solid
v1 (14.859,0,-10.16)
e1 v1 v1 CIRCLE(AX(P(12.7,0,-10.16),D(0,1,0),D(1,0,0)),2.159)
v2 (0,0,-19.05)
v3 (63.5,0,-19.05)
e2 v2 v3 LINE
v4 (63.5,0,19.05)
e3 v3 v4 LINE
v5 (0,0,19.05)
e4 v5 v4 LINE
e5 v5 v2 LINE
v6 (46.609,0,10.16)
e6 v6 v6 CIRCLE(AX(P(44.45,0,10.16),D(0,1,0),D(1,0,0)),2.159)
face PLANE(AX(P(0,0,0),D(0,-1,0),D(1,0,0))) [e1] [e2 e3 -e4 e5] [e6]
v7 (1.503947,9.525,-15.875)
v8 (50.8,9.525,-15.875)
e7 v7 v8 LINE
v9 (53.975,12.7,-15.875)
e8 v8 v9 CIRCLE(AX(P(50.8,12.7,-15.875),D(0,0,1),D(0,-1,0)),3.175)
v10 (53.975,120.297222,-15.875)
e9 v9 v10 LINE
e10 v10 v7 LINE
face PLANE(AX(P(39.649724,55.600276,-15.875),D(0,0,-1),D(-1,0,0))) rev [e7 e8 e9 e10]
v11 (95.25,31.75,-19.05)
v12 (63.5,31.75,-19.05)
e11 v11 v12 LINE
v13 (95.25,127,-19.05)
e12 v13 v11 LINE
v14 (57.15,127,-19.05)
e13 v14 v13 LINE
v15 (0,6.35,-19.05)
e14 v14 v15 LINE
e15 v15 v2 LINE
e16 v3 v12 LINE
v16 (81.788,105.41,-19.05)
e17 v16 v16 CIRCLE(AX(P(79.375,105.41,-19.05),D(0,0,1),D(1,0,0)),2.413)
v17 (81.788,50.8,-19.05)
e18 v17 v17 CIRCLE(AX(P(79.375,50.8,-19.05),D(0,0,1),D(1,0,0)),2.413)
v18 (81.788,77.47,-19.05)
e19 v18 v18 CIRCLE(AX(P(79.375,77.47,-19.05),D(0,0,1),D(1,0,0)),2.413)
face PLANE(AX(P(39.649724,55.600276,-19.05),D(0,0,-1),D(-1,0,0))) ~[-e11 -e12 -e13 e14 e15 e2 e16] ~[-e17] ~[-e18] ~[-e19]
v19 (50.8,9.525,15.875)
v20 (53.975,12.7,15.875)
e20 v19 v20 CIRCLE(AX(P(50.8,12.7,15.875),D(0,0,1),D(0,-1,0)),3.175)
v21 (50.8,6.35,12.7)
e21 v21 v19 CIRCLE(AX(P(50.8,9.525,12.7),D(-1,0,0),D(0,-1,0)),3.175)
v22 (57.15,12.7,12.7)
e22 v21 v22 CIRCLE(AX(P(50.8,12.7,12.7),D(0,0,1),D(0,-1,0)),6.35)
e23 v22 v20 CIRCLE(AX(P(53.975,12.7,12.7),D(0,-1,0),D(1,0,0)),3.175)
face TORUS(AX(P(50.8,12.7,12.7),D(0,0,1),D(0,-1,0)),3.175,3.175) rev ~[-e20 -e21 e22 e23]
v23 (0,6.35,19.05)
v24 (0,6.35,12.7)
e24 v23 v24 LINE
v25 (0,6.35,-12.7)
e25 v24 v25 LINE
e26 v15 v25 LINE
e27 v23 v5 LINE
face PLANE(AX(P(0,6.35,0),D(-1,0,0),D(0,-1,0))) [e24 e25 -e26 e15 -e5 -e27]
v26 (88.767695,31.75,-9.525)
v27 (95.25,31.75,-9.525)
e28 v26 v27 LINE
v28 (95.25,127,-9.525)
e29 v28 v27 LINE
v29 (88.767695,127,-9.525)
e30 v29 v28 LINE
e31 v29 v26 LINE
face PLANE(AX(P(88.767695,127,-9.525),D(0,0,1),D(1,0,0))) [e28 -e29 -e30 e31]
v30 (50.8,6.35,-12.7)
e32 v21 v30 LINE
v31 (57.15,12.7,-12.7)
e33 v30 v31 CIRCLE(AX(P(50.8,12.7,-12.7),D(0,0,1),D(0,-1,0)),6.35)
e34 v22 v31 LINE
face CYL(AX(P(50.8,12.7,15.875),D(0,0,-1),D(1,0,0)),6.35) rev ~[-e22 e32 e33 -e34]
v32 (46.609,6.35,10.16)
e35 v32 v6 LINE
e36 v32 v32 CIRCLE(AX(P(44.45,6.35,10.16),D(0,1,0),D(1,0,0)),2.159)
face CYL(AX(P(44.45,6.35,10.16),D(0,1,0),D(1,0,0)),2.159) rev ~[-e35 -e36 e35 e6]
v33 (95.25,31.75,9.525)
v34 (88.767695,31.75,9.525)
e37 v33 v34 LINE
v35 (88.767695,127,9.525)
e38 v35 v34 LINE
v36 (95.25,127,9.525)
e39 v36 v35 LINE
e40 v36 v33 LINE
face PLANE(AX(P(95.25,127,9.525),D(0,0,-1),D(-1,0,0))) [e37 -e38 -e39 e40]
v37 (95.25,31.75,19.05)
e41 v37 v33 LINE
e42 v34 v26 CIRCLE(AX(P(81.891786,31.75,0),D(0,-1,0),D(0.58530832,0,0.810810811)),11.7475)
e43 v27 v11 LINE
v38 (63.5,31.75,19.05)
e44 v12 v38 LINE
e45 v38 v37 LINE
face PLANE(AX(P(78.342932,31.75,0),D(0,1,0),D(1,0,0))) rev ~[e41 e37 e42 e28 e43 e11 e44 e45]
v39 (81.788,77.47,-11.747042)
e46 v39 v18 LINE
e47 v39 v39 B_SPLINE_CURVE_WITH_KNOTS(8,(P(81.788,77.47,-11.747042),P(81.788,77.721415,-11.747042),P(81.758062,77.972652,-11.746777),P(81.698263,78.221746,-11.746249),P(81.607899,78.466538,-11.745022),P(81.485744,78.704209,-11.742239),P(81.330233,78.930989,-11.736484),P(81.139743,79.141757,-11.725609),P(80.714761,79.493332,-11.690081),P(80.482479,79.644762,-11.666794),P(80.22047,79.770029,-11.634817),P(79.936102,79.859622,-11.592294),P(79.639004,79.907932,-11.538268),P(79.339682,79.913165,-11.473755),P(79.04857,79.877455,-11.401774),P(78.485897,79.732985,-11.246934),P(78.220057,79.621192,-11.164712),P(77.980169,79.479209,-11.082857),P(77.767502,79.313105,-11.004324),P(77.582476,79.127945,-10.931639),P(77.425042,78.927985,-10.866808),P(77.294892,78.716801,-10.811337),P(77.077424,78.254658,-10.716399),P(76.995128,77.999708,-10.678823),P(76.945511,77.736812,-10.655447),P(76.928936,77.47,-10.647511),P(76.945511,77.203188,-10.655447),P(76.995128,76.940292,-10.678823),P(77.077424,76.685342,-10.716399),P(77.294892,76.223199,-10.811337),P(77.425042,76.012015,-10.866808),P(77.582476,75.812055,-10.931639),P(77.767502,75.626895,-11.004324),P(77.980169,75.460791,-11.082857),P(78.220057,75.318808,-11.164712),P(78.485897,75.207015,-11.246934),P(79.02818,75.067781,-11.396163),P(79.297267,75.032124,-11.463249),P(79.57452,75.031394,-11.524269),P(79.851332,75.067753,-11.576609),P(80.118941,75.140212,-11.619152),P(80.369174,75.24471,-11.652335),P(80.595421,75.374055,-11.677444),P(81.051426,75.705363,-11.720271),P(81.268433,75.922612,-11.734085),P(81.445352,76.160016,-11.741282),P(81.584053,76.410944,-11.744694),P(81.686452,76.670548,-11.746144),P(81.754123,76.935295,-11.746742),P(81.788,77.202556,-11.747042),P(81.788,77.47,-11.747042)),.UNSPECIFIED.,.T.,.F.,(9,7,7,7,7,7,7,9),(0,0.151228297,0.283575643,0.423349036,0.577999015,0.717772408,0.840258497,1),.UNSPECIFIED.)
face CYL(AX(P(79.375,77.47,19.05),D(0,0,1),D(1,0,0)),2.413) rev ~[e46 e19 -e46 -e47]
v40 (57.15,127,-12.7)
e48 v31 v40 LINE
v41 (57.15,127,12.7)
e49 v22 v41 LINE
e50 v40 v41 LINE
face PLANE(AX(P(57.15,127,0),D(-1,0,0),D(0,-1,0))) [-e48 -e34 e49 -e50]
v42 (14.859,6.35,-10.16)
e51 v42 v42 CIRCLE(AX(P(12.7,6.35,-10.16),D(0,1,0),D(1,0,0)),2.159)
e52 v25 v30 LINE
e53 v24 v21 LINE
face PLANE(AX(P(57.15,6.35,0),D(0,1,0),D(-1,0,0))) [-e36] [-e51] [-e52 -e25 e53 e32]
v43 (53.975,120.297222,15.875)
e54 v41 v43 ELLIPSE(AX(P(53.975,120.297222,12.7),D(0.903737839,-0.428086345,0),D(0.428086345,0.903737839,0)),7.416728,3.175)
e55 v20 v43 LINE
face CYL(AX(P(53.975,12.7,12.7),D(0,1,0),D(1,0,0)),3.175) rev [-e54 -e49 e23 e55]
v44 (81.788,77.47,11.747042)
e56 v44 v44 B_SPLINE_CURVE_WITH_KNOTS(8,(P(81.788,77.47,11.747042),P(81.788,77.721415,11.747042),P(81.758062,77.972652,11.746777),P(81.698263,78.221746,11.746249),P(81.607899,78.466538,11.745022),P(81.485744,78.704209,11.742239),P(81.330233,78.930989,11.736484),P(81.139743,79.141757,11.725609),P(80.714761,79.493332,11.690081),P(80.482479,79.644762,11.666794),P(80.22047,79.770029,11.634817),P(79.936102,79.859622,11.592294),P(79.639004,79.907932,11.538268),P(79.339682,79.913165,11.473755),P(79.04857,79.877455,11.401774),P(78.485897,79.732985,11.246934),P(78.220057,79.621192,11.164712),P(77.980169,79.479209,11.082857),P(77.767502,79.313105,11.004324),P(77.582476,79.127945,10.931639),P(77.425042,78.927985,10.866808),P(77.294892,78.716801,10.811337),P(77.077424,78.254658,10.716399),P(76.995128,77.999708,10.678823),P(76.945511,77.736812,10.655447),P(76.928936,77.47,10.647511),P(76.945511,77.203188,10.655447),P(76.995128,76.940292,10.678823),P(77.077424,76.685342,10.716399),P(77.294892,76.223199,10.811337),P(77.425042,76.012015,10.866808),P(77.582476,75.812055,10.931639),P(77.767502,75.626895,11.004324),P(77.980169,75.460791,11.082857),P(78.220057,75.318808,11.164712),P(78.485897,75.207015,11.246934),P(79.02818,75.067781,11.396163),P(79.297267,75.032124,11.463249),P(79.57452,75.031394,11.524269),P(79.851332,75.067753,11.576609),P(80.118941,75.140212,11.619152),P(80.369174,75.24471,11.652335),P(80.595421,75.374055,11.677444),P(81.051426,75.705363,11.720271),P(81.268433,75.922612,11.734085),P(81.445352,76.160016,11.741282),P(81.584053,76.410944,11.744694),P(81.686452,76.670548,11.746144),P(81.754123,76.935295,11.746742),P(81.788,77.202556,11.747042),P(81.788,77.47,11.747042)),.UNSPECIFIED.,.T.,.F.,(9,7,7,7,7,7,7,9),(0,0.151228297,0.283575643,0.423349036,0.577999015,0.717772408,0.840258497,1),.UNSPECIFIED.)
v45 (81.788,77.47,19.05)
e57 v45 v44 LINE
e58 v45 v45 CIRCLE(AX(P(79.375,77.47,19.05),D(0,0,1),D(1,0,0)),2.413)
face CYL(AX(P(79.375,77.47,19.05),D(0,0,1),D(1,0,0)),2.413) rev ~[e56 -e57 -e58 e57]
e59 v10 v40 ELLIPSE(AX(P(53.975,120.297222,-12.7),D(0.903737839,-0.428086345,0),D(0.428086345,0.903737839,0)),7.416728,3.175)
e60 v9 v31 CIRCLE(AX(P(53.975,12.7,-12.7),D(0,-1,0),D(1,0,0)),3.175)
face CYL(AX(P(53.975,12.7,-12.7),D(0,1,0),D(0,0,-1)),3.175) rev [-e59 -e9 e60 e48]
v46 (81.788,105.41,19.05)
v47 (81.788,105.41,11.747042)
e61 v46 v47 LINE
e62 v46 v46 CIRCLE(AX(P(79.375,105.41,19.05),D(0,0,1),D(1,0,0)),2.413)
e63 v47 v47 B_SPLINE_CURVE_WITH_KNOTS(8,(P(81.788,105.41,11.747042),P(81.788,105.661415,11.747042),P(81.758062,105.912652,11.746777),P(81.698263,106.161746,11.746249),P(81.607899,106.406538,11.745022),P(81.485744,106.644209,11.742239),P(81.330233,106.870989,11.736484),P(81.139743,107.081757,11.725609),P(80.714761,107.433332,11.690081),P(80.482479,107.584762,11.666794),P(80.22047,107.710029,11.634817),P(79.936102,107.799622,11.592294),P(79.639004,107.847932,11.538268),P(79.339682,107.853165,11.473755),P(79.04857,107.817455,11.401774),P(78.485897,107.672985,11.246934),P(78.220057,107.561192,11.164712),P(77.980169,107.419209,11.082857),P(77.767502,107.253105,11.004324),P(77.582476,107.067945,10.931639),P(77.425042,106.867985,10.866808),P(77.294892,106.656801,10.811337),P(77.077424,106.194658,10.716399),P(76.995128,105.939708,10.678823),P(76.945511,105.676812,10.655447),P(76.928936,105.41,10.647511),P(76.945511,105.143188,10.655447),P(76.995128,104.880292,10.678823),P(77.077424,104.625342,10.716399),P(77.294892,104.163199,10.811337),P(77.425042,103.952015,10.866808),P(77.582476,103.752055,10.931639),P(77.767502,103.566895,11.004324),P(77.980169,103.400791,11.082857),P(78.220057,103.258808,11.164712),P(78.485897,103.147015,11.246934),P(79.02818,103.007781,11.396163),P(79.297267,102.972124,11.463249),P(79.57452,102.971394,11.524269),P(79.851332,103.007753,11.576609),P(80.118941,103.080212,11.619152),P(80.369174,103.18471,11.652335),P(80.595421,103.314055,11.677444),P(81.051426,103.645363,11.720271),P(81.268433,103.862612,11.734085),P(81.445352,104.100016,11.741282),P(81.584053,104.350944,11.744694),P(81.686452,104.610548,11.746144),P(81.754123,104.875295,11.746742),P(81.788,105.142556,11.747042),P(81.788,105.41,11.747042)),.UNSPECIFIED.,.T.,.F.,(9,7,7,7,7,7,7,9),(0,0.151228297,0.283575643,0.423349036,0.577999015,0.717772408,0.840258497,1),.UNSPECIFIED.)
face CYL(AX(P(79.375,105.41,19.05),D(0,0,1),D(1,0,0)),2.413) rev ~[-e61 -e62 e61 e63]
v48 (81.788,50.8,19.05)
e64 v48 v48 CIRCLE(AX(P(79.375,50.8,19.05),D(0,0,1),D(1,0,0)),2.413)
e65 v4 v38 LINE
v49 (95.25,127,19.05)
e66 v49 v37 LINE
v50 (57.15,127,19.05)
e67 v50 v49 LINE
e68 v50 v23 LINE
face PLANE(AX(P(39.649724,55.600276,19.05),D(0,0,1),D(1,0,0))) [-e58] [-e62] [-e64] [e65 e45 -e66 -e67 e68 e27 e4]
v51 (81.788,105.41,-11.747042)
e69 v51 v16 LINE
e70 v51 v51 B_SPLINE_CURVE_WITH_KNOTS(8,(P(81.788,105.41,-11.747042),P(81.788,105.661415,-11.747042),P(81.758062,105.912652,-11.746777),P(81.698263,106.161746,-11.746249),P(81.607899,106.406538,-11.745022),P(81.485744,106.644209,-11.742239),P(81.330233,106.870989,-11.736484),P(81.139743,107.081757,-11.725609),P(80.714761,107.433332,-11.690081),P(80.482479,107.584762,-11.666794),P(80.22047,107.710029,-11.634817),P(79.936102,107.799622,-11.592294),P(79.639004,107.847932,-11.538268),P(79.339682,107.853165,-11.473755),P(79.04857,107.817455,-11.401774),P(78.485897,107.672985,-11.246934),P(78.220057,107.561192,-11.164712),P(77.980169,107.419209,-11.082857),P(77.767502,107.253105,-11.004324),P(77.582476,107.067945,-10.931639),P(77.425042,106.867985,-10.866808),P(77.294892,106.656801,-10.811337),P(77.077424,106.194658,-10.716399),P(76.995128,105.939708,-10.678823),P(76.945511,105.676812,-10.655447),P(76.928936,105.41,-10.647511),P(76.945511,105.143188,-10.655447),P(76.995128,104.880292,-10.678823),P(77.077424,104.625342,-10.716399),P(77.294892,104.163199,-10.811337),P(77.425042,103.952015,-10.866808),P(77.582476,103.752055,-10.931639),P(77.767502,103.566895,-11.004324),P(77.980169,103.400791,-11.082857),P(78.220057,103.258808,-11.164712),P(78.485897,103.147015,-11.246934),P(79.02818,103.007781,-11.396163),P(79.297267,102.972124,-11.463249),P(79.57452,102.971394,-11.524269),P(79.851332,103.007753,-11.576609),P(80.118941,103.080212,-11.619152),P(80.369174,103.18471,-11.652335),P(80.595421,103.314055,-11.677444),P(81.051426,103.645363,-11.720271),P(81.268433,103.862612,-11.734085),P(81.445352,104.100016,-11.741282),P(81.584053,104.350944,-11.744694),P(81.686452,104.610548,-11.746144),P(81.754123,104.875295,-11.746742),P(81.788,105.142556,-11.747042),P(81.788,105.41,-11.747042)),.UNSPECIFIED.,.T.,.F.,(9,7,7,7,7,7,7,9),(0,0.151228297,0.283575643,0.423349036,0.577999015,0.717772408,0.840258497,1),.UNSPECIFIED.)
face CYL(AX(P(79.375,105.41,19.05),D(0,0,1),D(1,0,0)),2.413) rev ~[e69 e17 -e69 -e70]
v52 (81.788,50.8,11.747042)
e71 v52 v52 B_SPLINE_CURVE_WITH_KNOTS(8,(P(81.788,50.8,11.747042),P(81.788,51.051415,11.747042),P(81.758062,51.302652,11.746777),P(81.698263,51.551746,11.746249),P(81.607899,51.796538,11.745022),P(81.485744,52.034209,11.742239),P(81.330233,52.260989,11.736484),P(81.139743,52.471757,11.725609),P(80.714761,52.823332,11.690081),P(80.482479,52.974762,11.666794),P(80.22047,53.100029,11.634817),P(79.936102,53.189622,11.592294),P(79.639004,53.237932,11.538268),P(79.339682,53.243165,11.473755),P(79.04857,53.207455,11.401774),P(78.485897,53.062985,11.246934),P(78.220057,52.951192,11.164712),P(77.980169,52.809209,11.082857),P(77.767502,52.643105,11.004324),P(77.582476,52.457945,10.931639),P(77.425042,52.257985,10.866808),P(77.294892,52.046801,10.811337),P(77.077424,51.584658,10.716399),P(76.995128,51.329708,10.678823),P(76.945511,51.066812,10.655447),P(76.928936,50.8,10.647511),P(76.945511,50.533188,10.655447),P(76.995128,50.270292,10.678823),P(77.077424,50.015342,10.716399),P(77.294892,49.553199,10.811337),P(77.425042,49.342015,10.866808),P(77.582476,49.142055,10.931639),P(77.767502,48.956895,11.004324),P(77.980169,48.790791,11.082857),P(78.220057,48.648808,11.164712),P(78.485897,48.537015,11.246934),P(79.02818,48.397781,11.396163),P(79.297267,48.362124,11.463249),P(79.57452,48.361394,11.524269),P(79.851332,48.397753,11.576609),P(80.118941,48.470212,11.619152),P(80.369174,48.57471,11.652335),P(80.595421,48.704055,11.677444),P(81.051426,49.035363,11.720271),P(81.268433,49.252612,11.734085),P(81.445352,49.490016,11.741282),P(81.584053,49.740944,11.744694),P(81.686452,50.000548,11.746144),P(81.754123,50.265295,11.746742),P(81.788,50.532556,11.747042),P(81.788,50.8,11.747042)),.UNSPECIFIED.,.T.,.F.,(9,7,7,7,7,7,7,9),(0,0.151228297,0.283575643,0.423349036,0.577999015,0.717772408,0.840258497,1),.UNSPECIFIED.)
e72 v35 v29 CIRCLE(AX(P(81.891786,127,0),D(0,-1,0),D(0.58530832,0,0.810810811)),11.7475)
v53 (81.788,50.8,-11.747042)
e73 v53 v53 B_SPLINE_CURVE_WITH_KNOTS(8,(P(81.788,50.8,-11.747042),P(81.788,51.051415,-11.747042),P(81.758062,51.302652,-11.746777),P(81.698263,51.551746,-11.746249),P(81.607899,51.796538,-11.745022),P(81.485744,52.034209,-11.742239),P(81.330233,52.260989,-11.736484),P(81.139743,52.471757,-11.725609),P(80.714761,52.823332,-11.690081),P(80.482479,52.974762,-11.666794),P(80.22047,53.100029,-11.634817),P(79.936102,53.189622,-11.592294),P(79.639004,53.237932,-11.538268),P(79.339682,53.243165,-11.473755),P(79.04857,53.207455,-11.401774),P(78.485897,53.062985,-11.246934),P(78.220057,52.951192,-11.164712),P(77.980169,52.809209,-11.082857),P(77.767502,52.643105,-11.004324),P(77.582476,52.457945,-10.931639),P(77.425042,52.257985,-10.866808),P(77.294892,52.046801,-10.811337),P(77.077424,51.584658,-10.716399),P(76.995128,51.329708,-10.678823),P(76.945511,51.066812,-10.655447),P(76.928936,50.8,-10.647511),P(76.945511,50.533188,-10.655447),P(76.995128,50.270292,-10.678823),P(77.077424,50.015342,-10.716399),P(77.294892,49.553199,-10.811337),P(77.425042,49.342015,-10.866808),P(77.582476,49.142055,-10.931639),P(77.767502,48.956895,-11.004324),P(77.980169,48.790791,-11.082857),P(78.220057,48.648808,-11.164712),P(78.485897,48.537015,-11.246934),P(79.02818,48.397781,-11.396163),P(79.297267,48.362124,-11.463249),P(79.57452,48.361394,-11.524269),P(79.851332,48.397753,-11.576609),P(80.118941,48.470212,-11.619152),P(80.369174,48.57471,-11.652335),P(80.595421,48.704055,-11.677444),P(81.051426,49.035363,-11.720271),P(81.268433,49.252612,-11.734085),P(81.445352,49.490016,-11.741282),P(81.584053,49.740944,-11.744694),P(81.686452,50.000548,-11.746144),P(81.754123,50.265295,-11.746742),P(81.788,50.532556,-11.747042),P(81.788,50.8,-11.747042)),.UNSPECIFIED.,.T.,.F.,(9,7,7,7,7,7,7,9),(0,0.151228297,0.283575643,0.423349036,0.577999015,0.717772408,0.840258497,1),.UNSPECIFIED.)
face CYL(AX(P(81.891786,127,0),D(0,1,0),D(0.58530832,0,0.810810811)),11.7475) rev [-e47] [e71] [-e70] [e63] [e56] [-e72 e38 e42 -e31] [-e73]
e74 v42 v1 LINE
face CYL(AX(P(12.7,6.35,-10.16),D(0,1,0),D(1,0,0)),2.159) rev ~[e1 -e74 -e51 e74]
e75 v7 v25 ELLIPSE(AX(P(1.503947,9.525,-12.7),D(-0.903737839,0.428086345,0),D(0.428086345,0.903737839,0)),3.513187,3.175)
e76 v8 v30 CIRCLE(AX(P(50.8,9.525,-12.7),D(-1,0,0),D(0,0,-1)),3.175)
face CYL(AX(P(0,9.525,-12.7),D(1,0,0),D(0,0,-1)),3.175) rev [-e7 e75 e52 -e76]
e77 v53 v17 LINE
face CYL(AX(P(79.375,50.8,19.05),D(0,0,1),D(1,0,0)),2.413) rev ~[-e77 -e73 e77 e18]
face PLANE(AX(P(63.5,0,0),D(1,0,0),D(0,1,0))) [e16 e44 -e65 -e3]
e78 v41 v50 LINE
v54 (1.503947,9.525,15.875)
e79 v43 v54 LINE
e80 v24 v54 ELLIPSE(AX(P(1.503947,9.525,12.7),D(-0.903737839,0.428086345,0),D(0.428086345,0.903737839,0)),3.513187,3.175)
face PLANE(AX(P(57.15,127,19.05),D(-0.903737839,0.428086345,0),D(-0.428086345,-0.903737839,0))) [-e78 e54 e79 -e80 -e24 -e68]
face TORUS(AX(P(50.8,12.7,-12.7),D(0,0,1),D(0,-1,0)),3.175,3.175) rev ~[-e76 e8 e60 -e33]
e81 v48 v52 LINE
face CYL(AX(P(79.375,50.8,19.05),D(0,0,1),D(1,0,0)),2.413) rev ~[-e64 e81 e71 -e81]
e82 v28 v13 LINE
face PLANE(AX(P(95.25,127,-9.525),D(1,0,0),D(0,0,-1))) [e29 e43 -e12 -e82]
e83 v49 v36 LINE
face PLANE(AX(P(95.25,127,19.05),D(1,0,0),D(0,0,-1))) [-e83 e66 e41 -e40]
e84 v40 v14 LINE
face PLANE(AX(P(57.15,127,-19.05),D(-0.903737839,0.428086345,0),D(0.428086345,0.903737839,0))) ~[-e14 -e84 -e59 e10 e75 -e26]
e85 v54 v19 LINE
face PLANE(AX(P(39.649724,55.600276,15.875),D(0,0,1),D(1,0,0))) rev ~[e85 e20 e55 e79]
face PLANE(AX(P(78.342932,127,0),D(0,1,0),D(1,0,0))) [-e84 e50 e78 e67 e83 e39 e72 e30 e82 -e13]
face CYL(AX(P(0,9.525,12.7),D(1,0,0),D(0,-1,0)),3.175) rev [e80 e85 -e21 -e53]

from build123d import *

# Parameters (mm, degrees)
BOSS_EXTRUDE1_DEPTH     = 19.05
BOSS_EXTRUDE2_DEPTH     = 95.25
SKETCH4_R               = 2.413
CUT_EXTRUDE1_DEPTH      = 1
CUT_EXTRUDE1_DEPTH_BACK = 39.1
SKETCH5_R               = 2.159
CUT_EXTRUDE2_DEPTH      = 121.6500001
CUT_EXTRUDE2_DEPTH_BACK = 7.35
BOSS_EXTRUDE3_DEPTH     = 3.175
FILLET1_R               = 6.35
FILLET2_R               = 3.175


with BuildPart() as part:
    # Sketch1 → Boss-Extrude1 (new body, symmetric)
    with BuildSketch(Plane.XY):
        Polygon((0, 0), (63.5, 0), (63.5, 127), (57.15, 127), (57.15, 6.35), (0, 6.35), align=None)
    extrude(amount=BOSS_EXTRUDE1_DEPTH, both=True)

    # Sketch3 → Boss-Extrude2 (add)
    with BuildSketch(Plane(origin=(0, 127, 0), x_dir=(1, 0, 0), z_dir=(0, 1, 0))):
        with BuildLine():
            Line((95.25, 19.05), (63.5, 19.05))
            Line((63.5, 19.05), (63.5, -19.05))
            Line((63.5, -19.05), (95.25, -19.05))
            Line((95.25, -19.05), (95.25, -9.525))
            Line((95.25, -9.525), (88.767695047, -9.525))
            ThreePointArc((88.767695047, -9.525), (70.144285562, 0), (88.767695047, 9.525))
            Line((88.767695047, 9.525), (95.25, 9.525))
            Line((95.25, 9.525), (95.25, 19.05))
        make_face()
    extrude(amount=-BOSS_EXTRUDE2_DEPTH)

    # Sketch4 → Cut-Extrude1 (cut, two sides)
    with BuildSketch(Plane.XY.offset(19.05)) as cut_extrude1_sk:
        with Locations((79.375, 105.41)):
            Circle(SKETCH4_R)
        with Locations((79.375, 50.8)):
            Circle(SKETCH4_R)
        with Locations((79.375, 77.47)):
            Circle(SKETCH4_R)
    extrude(amount=CUT_EXTRUDE1_DEPTH, mode=Mode.SUBTRACT)
    extrude(cut_extrude1_sk.sketch, amount=-CUT_EXTRUDE1_DEPTH_BACK, mode=Mode.SUBTRACT)

    # Sketch5 → Cut-Extrude2 (cut, two sides)
    with BuildSketch(Plane(origin=(0, 6.35, 0), x_dir=(1, 0, 0), z_dir=(0, 1, 0))) as cut_extrude2_sk:
        with Locations((12.7, 10.16)):
            Circle(SKETCH5_R)
        with Locations((44.45, -10.16)):
            Circle(SKETCH5_R)
    extrude(amount=CUT_EXTRUDE2_DEPTH, mode=Mode.SUBTRACT)
    extrude(cut_extrude2_sk.sketch, amount=-CUT_EXTRUDE2_DEPTH_BACK, mode=Mode.SUBTRACT)

    # Sketch6 → Boss-Extrude3 (add)
    with BuildSketch(Plane.XY.offset(19.05)):
        Polygon((57.15, 127), (0, 6.35), (57.15, 6.35), align=None)
    boss_extrude3 = extrude(amount=-BOSS_EXTRUDE3_DEPTH)

    # Mirror1: Boss-Extrude3 across plane
    add(boss_extrude3.mirror(Plane.XY))

    # Fillet1
    fillet1_edges = [part.edges().sort_by_distance(p)[0] for p in [
        (57.15, 6.35, 0),
    ]]
    fillet(fillet1_edges, radius=FILLET1_R)

    # Fillet2
    fillet2_edges = [part.edges().sort_by_distance(p)[0] for p in [
        (25.4, 6.35, -15.875),
        (25.4, 6.35, 15.875),
        (55.290128061, 8.209871939, -15.875),
        (55.290128061, 8.209871939, 15.875),
        (57.15, 69.85, 15.875),
        (57.15, 69.85, -15.875),
    ]]
    fillet(fillet2_edges, radius=FILLET2_R)


solid = part.part
